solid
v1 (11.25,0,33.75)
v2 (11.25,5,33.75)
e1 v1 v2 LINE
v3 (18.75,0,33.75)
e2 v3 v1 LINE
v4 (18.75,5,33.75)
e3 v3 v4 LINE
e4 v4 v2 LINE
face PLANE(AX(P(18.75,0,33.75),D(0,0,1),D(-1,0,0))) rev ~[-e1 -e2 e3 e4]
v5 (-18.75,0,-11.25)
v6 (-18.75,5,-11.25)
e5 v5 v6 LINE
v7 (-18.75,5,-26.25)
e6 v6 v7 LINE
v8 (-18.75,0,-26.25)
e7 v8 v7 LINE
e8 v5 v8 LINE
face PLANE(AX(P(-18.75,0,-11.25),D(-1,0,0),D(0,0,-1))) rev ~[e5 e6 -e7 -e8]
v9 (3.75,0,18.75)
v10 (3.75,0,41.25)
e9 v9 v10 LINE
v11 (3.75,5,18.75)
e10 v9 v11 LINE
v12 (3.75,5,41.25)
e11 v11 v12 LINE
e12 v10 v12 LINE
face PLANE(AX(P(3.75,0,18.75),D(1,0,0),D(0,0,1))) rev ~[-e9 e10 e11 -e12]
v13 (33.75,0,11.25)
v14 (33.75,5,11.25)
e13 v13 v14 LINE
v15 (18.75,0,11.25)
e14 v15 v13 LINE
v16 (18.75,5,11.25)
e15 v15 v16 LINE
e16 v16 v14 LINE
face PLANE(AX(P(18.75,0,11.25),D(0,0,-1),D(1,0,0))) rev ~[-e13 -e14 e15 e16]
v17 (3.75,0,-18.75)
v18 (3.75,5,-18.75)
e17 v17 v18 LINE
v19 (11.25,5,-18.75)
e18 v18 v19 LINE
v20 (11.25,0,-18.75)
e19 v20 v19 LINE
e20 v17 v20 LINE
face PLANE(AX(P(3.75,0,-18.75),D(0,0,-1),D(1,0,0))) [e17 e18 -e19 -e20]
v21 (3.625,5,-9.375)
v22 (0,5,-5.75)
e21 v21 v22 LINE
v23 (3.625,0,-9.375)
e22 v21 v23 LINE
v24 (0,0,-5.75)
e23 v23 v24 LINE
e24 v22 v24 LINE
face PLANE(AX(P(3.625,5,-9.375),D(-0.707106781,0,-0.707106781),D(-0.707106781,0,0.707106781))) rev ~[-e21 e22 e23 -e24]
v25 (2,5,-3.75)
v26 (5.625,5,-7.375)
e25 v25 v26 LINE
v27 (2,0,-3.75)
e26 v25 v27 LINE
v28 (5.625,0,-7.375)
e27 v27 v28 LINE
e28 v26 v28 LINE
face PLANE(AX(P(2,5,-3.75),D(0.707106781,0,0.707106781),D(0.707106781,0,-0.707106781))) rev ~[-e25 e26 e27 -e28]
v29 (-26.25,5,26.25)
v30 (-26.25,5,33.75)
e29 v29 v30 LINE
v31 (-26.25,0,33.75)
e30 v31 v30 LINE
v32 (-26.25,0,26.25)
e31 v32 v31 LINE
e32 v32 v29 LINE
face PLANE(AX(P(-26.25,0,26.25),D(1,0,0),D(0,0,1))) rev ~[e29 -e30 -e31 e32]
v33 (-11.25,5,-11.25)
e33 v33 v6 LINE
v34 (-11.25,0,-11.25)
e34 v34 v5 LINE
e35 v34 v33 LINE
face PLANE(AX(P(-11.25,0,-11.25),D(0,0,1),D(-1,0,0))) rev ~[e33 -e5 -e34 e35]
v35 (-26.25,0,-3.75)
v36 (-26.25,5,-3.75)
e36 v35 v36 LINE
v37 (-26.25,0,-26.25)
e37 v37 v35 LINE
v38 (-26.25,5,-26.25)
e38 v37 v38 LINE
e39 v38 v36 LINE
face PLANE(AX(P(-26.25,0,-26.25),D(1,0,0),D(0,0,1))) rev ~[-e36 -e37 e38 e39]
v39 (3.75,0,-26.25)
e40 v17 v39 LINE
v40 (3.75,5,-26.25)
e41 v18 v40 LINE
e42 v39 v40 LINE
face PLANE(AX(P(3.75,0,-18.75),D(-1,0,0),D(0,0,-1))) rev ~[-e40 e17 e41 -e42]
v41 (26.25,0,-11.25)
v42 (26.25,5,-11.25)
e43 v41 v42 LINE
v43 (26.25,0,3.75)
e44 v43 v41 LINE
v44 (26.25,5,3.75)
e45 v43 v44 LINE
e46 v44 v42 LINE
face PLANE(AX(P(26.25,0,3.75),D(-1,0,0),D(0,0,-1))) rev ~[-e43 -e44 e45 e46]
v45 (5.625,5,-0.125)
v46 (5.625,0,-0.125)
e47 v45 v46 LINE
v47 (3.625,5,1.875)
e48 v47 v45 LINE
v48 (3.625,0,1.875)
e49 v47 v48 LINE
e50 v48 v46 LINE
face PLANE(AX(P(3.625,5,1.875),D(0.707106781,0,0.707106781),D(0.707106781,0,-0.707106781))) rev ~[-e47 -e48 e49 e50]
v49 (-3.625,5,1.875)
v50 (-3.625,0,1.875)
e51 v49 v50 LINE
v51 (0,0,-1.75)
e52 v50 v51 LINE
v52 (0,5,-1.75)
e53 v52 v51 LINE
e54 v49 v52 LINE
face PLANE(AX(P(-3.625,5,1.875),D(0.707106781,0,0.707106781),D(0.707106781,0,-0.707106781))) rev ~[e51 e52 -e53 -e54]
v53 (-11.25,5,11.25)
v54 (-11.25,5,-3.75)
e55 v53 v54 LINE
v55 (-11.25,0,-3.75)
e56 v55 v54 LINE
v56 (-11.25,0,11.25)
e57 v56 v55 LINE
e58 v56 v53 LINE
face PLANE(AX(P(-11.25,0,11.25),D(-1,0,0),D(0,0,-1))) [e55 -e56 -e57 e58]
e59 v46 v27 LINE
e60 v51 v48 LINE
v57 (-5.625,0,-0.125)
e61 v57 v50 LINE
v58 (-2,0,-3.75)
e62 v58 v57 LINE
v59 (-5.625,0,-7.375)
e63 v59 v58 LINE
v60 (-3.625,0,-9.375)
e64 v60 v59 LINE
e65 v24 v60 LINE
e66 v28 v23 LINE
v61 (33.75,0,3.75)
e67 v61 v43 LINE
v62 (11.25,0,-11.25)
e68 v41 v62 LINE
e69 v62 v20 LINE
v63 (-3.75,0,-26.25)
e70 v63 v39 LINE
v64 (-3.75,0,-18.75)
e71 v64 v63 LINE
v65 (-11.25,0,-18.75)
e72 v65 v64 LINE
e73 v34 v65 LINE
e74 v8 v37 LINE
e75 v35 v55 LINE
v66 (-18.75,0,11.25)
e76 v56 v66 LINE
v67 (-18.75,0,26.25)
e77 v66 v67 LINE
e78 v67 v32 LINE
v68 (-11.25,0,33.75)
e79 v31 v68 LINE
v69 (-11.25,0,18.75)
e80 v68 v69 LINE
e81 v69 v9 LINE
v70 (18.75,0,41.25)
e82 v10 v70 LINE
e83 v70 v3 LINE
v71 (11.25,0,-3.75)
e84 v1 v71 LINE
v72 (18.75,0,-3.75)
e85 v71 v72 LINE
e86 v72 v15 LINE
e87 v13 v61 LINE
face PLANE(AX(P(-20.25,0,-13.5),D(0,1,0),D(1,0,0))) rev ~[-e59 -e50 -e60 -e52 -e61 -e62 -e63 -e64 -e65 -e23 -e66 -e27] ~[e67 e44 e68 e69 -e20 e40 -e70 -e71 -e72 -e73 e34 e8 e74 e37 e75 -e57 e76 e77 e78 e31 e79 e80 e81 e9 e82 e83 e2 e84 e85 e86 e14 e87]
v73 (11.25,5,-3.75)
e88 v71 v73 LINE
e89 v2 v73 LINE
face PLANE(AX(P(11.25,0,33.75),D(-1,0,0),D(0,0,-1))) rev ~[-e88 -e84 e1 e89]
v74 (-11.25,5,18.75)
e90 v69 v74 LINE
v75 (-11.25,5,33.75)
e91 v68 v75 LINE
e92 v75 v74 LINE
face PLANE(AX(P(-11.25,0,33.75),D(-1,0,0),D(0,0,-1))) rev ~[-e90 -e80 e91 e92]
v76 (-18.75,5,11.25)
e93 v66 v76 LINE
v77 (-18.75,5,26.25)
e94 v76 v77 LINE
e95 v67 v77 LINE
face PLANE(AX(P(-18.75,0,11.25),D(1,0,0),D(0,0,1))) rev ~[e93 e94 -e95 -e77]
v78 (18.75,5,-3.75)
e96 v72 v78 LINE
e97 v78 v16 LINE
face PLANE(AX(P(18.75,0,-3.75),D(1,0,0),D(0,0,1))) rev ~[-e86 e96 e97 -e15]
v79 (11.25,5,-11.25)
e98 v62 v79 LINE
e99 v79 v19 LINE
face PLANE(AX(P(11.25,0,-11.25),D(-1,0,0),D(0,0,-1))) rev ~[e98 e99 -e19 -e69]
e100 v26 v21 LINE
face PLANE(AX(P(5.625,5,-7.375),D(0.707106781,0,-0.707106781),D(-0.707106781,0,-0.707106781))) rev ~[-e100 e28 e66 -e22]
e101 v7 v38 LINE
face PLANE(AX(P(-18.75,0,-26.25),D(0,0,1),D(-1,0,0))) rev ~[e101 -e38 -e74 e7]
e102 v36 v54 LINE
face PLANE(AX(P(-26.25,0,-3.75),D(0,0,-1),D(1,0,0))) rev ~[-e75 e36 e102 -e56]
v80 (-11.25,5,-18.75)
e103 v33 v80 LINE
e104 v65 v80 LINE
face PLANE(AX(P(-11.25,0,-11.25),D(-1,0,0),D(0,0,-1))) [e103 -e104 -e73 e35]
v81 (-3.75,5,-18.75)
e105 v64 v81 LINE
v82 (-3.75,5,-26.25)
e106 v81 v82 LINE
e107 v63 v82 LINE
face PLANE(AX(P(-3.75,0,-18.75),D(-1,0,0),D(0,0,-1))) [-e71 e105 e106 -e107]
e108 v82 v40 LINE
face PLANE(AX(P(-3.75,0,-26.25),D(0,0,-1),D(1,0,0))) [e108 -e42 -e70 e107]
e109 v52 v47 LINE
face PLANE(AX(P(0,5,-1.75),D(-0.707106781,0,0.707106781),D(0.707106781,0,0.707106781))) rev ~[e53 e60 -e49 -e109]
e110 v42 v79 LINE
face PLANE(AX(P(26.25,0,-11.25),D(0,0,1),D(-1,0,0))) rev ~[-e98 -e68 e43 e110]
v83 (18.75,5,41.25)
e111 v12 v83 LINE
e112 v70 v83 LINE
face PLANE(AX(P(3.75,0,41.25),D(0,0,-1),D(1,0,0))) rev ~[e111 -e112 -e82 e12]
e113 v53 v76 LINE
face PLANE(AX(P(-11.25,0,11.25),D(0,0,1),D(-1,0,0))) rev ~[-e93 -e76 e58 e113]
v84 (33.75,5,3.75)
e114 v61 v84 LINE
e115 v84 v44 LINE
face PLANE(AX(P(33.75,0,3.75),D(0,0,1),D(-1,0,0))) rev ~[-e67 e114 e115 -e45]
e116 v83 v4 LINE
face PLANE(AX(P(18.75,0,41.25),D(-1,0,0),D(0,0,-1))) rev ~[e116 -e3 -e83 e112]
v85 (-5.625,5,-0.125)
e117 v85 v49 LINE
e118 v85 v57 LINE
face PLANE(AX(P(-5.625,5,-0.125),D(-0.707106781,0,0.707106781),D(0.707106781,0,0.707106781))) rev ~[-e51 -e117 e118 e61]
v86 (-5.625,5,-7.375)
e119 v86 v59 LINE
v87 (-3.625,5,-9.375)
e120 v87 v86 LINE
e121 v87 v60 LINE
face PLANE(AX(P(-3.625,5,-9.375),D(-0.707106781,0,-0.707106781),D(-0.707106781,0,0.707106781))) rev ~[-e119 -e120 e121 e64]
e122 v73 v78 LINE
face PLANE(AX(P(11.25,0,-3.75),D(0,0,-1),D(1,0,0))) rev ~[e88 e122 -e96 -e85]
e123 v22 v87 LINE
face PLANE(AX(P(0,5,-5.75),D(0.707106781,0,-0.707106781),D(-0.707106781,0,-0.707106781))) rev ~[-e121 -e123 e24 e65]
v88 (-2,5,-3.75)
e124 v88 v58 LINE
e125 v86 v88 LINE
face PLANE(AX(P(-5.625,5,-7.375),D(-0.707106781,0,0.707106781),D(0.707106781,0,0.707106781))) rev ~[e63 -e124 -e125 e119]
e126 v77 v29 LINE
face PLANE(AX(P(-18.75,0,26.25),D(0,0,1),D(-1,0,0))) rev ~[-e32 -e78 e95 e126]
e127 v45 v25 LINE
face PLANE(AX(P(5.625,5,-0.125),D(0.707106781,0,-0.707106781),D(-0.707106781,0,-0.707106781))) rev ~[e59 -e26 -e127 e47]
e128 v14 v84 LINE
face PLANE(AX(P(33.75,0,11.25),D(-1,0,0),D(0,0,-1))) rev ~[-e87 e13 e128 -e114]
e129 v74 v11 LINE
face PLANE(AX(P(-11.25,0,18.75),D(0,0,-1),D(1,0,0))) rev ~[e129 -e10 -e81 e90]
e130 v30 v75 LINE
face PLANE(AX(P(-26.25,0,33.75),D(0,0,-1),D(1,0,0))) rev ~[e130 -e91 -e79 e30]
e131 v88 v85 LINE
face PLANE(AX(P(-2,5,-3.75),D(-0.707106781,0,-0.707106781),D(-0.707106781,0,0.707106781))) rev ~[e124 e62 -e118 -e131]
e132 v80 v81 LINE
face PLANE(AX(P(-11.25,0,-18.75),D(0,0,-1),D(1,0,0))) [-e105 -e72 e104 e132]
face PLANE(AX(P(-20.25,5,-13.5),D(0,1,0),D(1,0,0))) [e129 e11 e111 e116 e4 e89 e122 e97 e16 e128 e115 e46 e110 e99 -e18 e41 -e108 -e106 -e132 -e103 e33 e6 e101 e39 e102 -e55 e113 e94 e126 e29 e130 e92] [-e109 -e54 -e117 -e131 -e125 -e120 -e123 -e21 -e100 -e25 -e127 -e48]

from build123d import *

# Parameters (mm, degrees)
SKETCH1_W           = 22.5
SKETCH1_H           = 37.5
SKETCH1_W_2         = 7.5
SKETCH1_H_2         = 7.5
BOSS_EXTRUDE1_DEPTH = 5
CUT_EXTRUDE1_DEPTH  = 54.531532763


with BuildPart() as part:
    # Sketch1 → Boss-Extrude1 (new body)
    with BuildSketch(Plane(origin=(0, 0, 0), x_dir=(1, 0, 0), z_dir=(0, 1, 0))):
        Polygon((-11.25, 3.75), (-11.25, 11.25), (-18.75, 11.25), (-18.75, 26.25), (-26.25, 26.25), (-26.25, 3.75), align=None)
        Rectangle(SKETCH1_W, SKETCH1_H)
        with Locations((0, 22.5)):
            Rectangle(SKETCH1_W_2, SKETCH1_H_2)
        Polygon((26.25, 11.25), (11.25, 11.25), (11.25, 3.75), (18.75, 3.75), (18.75, -11.25), (33.75, -11.25), (33.75, -3.75), (26.25, -3.75), align=None)
        Polygon((11.25, -18.75), (3.75, -18.75), (3.75, -41.25), (18.75, -41.25), (18.75, -33.75), (11.25, -33.75), align=None)
        Polygon((-11.25, -18.75), (-11.25, -11.25), (-18.75, -11.25), (-18.75, -26.25), (-26.25, -26.25), (-26.25, -33.75), (-11.25, -33.75), align=None)
    extrude(amount=BOSS_EXTRUDE1_DEPTH)

    # Sketch2 → Cut-Extrude1 (cut, through all)
    with BuildSketch(Plane(origin=(0, 5, 0), x_dir=(1, 0, 0), z_dir=(0, 1, 0))):
        Polygon((0, 5.75), (-3.625, 9.375), (-5.625, 7.375), (-2, 3.75), (-5.625, 0.125), (-3.625, -1.875), (0, 1.75), (3.625, -1.875), (5.625, 0.125), (2, 3.75), (5.625, 7.375), (3.625, 9.375), align=None)
    extrude(amount=-CUT_EXTRUDE1_DEPTH, mode=Mode.SUBTRACT)


solid = part.part
